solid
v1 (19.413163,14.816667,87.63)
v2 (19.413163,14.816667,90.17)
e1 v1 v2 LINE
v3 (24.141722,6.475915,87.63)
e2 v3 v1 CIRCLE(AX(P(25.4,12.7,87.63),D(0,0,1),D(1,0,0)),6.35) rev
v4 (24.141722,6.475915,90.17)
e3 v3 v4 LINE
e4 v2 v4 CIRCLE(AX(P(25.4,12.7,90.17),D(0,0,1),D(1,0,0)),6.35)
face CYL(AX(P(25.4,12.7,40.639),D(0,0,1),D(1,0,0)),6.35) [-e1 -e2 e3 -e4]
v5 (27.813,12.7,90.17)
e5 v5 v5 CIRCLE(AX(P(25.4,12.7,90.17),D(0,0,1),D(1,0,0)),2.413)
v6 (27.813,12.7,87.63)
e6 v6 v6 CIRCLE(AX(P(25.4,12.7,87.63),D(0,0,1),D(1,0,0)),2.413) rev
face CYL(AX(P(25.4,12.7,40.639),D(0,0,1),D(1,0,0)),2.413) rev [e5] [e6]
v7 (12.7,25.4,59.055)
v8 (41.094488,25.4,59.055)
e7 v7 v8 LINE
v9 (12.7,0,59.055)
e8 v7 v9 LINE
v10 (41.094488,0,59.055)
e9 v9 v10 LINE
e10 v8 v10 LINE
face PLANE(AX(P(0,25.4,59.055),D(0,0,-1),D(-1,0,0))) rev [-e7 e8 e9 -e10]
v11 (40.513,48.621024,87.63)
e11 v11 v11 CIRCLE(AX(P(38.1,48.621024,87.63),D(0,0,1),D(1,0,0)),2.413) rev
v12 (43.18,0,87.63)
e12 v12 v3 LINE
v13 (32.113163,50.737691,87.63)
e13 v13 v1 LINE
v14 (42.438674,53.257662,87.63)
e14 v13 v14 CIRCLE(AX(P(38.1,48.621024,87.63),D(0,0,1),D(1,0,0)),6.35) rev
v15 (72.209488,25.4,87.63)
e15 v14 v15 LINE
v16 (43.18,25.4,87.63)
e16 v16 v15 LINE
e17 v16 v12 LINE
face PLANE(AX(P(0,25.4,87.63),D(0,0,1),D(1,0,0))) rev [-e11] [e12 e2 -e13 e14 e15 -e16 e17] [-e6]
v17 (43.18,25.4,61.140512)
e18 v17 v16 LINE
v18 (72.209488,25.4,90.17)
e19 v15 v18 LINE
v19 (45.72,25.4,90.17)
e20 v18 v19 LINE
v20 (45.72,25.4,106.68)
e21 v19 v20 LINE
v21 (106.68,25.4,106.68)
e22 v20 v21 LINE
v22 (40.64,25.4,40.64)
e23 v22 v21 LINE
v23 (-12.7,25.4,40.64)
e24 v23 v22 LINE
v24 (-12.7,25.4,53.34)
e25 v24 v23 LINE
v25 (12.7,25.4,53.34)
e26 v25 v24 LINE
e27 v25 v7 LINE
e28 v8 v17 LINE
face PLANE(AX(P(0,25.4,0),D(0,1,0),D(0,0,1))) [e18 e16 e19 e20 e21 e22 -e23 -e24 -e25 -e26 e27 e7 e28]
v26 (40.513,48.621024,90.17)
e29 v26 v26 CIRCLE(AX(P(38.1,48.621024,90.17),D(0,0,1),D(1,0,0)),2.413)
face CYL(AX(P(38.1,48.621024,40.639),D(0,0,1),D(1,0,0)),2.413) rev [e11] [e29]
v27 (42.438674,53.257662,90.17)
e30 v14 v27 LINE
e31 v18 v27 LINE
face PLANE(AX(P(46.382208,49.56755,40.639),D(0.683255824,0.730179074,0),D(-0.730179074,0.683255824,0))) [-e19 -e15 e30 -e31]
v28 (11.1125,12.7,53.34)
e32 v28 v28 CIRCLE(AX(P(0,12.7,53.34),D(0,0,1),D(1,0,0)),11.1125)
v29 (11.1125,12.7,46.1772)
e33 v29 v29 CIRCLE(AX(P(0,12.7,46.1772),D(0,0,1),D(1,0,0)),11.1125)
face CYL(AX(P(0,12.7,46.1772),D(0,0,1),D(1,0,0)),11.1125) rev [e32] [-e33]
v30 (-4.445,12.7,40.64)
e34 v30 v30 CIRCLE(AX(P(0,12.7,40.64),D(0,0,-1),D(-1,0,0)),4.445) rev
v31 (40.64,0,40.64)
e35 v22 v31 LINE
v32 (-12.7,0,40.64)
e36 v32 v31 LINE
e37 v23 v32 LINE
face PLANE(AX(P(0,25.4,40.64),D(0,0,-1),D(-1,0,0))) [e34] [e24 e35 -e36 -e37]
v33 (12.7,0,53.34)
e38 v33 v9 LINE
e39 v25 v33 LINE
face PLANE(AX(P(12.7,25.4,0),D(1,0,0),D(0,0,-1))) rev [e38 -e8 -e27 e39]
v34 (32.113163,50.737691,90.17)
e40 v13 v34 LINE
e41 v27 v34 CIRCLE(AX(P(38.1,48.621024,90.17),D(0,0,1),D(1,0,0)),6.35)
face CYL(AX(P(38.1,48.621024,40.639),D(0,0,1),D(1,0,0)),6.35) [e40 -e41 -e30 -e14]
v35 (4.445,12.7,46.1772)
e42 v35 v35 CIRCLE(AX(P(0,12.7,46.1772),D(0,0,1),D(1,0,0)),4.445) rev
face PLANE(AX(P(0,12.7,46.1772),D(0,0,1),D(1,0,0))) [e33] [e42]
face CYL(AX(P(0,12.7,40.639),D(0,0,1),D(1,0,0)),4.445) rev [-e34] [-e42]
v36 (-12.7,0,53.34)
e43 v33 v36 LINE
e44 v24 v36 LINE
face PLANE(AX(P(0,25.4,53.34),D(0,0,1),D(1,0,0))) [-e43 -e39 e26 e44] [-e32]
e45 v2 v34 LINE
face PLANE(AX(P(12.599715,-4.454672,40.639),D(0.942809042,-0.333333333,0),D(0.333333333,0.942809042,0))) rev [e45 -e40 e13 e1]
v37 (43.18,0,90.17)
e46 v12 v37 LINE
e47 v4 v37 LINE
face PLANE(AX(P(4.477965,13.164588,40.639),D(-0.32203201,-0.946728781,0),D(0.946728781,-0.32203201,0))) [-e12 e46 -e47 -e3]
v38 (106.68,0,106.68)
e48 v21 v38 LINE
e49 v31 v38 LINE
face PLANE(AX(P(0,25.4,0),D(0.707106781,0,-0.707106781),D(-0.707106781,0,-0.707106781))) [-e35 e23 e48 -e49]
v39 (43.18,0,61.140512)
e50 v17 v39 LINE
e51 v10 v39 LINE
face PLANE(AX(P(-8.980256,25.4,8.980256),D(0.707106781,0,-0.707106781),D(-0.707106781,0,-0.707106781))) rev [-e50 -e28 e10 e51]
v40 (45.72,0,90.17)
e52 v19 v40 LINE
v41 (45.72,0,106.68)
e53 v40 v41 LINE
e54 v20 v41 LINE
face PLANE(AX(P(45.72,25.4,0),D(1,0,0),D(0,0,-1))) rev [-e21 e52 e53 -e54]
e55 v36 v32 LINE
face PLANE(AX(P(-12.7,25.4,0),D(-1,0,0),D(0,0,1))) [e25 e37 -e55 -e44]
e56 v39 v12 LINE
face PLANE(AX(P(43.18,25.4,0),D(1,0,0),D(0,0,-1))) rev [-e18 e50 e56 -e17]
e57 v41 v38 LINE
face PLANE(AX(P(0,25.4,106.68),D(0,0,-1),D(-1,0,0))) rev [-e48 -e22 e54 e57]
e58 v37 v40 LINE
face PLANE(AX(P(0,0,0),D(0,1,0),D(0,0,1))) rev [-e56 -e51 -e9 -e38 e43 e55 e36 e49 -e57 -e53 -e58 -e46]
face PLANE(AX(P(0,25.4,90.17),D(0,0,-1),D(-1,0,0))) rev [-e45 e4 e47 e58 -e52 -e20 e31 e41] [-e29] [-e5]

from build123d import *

# Parameters (mm, degrees)
BOSS_EXTRUDE1_DEPTH = 25.4
SKETCH2_R           = 11.1125
CUT_EXTRUDE1_DEPTH  = 7.1628
CUT_EXTRUDE2_REACH  = 123.946
SKETCH2_3_R         = 4.445
BOSS_EXTRUDE2_DEPTH = 68.58
CUT_EXTRUDE3_REACH  = 138.151
SKETCH4_R           = 2.413
CUT_EXTRUDE4_REACH  = 138.151
CUT_EXTRUDE5_START  = 16.51
CUT_EXTRUDE5_DEPTH  = 16.51
CUT_EXTRUDE7_REACH  = 131.829
CUT_EXTRUDE8_REACH  = 155.739
CUT_EXTRUDE10_REACH = 131.829
BOSS_EXTRUDE3_DEPTH = 2.54


with BuildPart() as part:
    # Sketch1 → Boss-Extrude1 (new body)
    with BuildSketch(Plane(origin=(0, 0, 0), x_dir=(1, 0, 0), z_dir=(0, 1, 0))):
        Polygon((35.379487758, -53.34), (22.679487758, -40.64), (-12.7, -40.64), (-12.7, -53.34), (12.7, -53.34), align=None)
        Polygon((90.17, -90.17), (40.64, -40.64), (22.679487758, -40.64), (35.379487758, -53.34), (41.094487758, -59.055), (43.18, -61.140512242), (72.209487758, -90.17), align=None)
        Polygon((41.094487758, -59.055), (35.379487758, -53.34), (12.7, -53.34), (12.7, -59.055), align=None)
        Polygon((45.72, -90.17), (72.209487758, -90.17), (43.18, -61.140512242), (43.18, -87.63), (16.51, -87.63), (16.51, -90.17), align=None)
        Polygon((88.719487758, -106.68), (72.209487758, -90.17), (45.72, -90.17), (45.72, -106.68), align=None)
        Polygon((106.68, -106.68), (90.17, -90.17), (72.209487758, -90.17), (88.719487758, -106.68), align=None)
    extrude(amount=BOSS_EXTRUDE1_DEPTH)

    # Sketch2 → Cut-Extrude1 (cut)
    with BuildSketch(Plane.XY.offset(53.34)):
        with Locations((0, 12.7)):
            Circle(SKETCH2_R)
    extrude(amount=-CUT_EXTRUDE1_DEPTH, mode=Mode.SUBTRACT)

    # Sketch2<3> → Cut-Extrude2 (cut, up to next)
    with BuildSketch(Plane.XY.offset(53.34), mode=Mode.PRIVATE) as cut_extrude2_sk1:
        with Locations((0, 12.7)):
            Circle(SKETCH2_3_R)
    cut_extrude2_tool1 = extrude(cut_extrude2_sk1.sketch, amount=-CUT_EXTRUDE2_REACH, mode=Mode.PRIVATE) & part.part
    add(cut_extrude2_tool1.solids().sort_by_distance((0, 12.7, 53.34))[0], mode=Mode.SUBTRACT)

    # Sketch1<3> → Boss-Extrude2 (add)
    with BuildSketch(Plane(origin=(0, 0, 0), x_dir=(1, 0, 0), z_dir=(0, 1, 0))):
        Polygon((88.719487758, -106.68), (72.209487758, -90.17), (45.72, -90.17), (45.72, -106.68), align=None)
        Polygon((45.72, -90.17), (72.209487758, -90.17), (43.18, -61.140512242), (43.18, -87.63), (16.51, -87.63), (16.51, -90.17), align=None)
    extrude(amount=BOSS_EXTRUDE2_DEPTH)

    # Sketch4 → Cut-Extrude3 (cut, up to next)
    with BuildSketch(Plane.XY.offset(90.17), mode=Mode.PRIVATE) as cut_extrude3_sk1:
        with Locations((38.1, 48.621024484)):
            Circle(SKETCH4_R)
    cut_extrude3_tool1 = extrude(cut_extrude3_sk1.sketch, amount=-CUT_EXTRUDE3_REACH, mode=Mode.PRIVATE) & part.part
    # Sketch4 → Cut-Extrude3 (cut, up to next)
    with BuildSketch(Plane.XY.offset(90.17), mode=Mode.PRIVATE) as cut_extrude3_sk2:
        with Locations((25.4, 12.7)):
            Circle(SKETCH4_R)
    cut_extrude3_tool2 = extrude(cut_extrude3_sk2.sketch, amount=-CUT_EXTRUDE3_REACH, mode=Mode.PRIVATE) & part.part
    add(cut_extrude3_tool1.solids().sort_by_distance((38.1, 48.621024, 90.17))[0], mode=Mode.SUBTRACT)
    add(cut_extrude3_tool2.solids().sort_by_distance((25.4, 12.7, 90.17))[0], mode=Mode.SUBTRACT)

    # Sketch4<4> → Cut-Extrude4 (cut, up to next)
    with BuildSketch(Plane.XY.offset(90.17), mode=Mode.PRIVATE) as cut_extrude4_sk1:
        with BuildLine():
            ThreePointArc((16.51, 50.529162362), (23.165769401, 46.860982905), (29.036193408, 42.034708067))
            Line((29.036193408, 42.034708067), (32.113162586, 50.737691151))
            ThreePointArc((32.113162586, 50.737691151), (35.962630111, 54.600501883), (41.388506693, 54.053171733))
            Line((41.388506693, 54.053171733), (88.719487758, 25.4))
            Line((88.719487758, 25.4), (88.719487758, 68.58))
            Line((88.719487758, 68.58), (16.51, 68.58))
            Line((16.51, 68.58), (16.51, 50.529162362))
        make_face()
    cut_extrude4_tool1 = extrude(cut_extrude4_sk1.sketch, amount=-CUT_EXTRUDE4_REACH, mode=Mode.PRIVATE) & part.part
    # Sketch4<4> → Cut-Extrude4 (cut, up to next)
    with BuildSketch(Plane.XY.offset(90.17), mode=Mode.PRIVATE) as cut_extrude4_sk2:
        with BuildLine():
            ThreePointArc((24.141722061, 6.475914796), (23.355096734, 6.688272242), (22.602138971, 6.999607587))
            ThreePointArc((22.602138971, 6.999607587), (19.520430726, 10.301424349), (19.413162586, 14.816666667))
            Line((19.413162586, 14.816666667), (29.036193408, 42.034708067))
            ThreePointArc((29.036193408, 42.034708067), (23.165769401, 46.860982905), (16.51, 50.529162362))
            Line((16.51, 50.529162362), (16.51, 0))
            Line((16.51, 0), (39.272581084, 0))
            ThreePointArc((39.272581084, 0), (39.461690116, 0.600386859), (39.64162121, 1.203587826))
            Line((39.64162121, 1.203587826), (24.141722061, 6.475914796))
        make_face()
    cut_extrude4_tool2 = extrude(cut_extrude4_sk2.sketch, amount=-CUT_EXTRUDE4_REACH, mode=Mode.PRIVATE) & part.part
    add(cut_extrude4_tool1.solids().sort_by_distance((58.41037, 54.420035, 90.17))[0], mode=Mode.SUBTRACT)
    add(cut_extrude4_tool2.solids().sort_by_distance((21.980861, 24.151697, 90.17))[0], mode=Mode.SUBTRACT)

    # Sketch4<7> → Cut-Extrude5 (cut)
    with BuildSketch(Plane.XY.offset(90.17).offset(CUT_EXTRUDE5_START)):
        with BuildLine():
            ThreePointArc((16.51, 50.529162362), (23.165769401, 46.860982905), (29.036193408, 42.034708067))
            Line((29.036193408, 42.034708067), (32.113162586, 50.737691151))
            ThreePointArc((32.113162586, 50.737691151), (35.962630111, 54.600501883), (41.388506693, 54.053171733))
            Line((41.388506693, 54.053171733), (88.719487758, 25.4))
            Line((88.719487758, 25.4), (88.719487758, 68.58))
            Line((88.719487758, 68.58), (16.51, 68.58))
            Line((16.51, 68.58), (16.51, 50.529162362))
        make_face()
        with BuildLine():
            ThreePointArc((24.141722061, 6.475914796), (23.355096734, 6.688272242), (22.602138971, 6.999607587))
            ThreePointArc((22.602138971, 6.999607587), (19.520430726, 10.301424349), (19.413162586, 14.816666667))
            Line((19.413162586, 14.816666667), (29.036193408, 42.034708067))
            ThreePointArc((29.036193408, 42.034708067), (23.165769401, 46.860982905), (16.51, 50.529162362))
            Line((16.51, 50.529162362), (16.51, 0))
            Line((16.51, 0), (39.272581084, 0))
            ThreePointArc((39.272581084, 0), (39.461690116, 0.600386859), (39.64162121, 1.203587826))
            Line((39.64162121, 1.203587826), (24.141722061, 6.475914796))
        make_face()
        with BuildLine():
            Line((43.18, 0), (39.64162121, 1.203587826))
            ThreePointArc((39.64162121, 1.203587826), (39.461690116, 0.600386859), (39.272581084, 0))
            Line((39.272581084, 0), (43.18, 0))
        make_face()
    extrude(amount=-CUT_EXTRUDE5_DEPTH, mode=Mode.SUBTRACT)

    # Sketch4<10> → Cut-Extrude7 (cut, up to next)
    with BuildSketch(Plane.XY.offset(90.17), mode=Mode.PRIVATE) as cut_extrude7_sk1:
        with BuildLine():
            Line((43.18, 0), (39.64162121, 1.203587826))
            ThreePointArc((39.64162121, 1.203587826), (39.461690116, 0.600386859), (39.272581084, 0))
            Line((39.272581084, 0), (43.18, 0))
        make_face()
    cut_extrude7_tool1 = extrude(cut_extrude7_sk1.sketch, amount=-CUT_EXTRUDE7_REACH, mode=Mode.PRIVATE) & part.part
    add(cut_extrude7_tool1.solids().sort_by_distance((40.700194, 0.400853, 90.17))[0], mode=Mode.SUBTRACT)

    # Sketch7 → Cut-Extrude8 (cut, up to next)
    with BuildSketch(Plane(origin=(0, 25.4, 0), x_dir=(1, 0, 0), z_dir=(0, 1, 0)), mode=Mode.PRIVATE) as cut_extrude8_sk1:
        Polygon((43.18, -61.140512242), (43.18, -87.63), (69.669487758, -87.63), align=None)
    cut_extrude8_tool1 = extrude(cut_extrude8_sk1.sketch, amount=CUT_EXTRUDE8_REACH, mode=Mode.PRIVATE) & part.part
    # Sketch7 → Cut-Extrude8 (cut, up to next)
    with BuildSketch(Plane(origin=(0, 25.4, 0), x_dir=(1, 0, 0), z_dir=(0, 1, 0)), mode=Mode.PRIVATE) as cut_extrude8_sk2:
        Polygon((45.72, -90.17), (72.209487758, -90.17), (88.719487758, -106.68), (45.72, -106.68), align=None)
    cut_extrude8_tool2 = extrude(cut_extrude8_sk2.sketch, amount=CUT_EXTRUDE8_REACH, mode=Mode.PRIVATE) & part.part
    add(cut_extrude8_tool1.solids().sort_by_distance((52.009829, 25.4, 78.800171))[0], mode=Mode.SUBTRACT)
    add(cut_extrude8_tool2.solids().sort_by_distance((63.41913, 25.4, 99.078773))[0], mode=Mode.SUBTRACT)

    # Sketch8 → Cut-Extrude10 (cut, up to next)
    with BuildSketch(Plane.XY.offset(90.17), mode=Mode.PRIVATE) as cut_extrude10_sk1:
        with BuildLine():
            Line((69.540863311, 27.897131539), (72.209487758, 25.4))
            Line((72.209487758, 25.4), (72.209487758, 35.394803713))
            Line((72.209487758, 35.394803713), (41.388506693, 54.053171733))
            ThreePointArc((41.388506693, 54.053171733), (41.934277279, 53.682725557), (42.438674479, 53.257661602))
            Line((42.438674479, 53.257661602), (69.540863311, 27.897131539))
        make_face()
    cut_extrude10_tool1 = extrude(cut_extrude10_sk1.sketch, amount=-CUT_EXTRUDE10_REACH, mode=Mode.PRIVATE) & part.part
    add(cut_extrude10_tool1.solids().sort_by_distance((62.122661, 38.169884, 90.17))[0], mode=Mode.SUBTRACT)

    # Sketch8<3> → Boss-Extrude3 (add)
    with BuildSketch(Plane.XY.offset(90.17)):
        Polygon((69.540863311, 25.4), (72.209487758, 25.4), (69.540863311, 27.897131539), align=None)
    extrude(amount=-BOSS_EXTRUDE3_DEPTH)


solid = part.part
